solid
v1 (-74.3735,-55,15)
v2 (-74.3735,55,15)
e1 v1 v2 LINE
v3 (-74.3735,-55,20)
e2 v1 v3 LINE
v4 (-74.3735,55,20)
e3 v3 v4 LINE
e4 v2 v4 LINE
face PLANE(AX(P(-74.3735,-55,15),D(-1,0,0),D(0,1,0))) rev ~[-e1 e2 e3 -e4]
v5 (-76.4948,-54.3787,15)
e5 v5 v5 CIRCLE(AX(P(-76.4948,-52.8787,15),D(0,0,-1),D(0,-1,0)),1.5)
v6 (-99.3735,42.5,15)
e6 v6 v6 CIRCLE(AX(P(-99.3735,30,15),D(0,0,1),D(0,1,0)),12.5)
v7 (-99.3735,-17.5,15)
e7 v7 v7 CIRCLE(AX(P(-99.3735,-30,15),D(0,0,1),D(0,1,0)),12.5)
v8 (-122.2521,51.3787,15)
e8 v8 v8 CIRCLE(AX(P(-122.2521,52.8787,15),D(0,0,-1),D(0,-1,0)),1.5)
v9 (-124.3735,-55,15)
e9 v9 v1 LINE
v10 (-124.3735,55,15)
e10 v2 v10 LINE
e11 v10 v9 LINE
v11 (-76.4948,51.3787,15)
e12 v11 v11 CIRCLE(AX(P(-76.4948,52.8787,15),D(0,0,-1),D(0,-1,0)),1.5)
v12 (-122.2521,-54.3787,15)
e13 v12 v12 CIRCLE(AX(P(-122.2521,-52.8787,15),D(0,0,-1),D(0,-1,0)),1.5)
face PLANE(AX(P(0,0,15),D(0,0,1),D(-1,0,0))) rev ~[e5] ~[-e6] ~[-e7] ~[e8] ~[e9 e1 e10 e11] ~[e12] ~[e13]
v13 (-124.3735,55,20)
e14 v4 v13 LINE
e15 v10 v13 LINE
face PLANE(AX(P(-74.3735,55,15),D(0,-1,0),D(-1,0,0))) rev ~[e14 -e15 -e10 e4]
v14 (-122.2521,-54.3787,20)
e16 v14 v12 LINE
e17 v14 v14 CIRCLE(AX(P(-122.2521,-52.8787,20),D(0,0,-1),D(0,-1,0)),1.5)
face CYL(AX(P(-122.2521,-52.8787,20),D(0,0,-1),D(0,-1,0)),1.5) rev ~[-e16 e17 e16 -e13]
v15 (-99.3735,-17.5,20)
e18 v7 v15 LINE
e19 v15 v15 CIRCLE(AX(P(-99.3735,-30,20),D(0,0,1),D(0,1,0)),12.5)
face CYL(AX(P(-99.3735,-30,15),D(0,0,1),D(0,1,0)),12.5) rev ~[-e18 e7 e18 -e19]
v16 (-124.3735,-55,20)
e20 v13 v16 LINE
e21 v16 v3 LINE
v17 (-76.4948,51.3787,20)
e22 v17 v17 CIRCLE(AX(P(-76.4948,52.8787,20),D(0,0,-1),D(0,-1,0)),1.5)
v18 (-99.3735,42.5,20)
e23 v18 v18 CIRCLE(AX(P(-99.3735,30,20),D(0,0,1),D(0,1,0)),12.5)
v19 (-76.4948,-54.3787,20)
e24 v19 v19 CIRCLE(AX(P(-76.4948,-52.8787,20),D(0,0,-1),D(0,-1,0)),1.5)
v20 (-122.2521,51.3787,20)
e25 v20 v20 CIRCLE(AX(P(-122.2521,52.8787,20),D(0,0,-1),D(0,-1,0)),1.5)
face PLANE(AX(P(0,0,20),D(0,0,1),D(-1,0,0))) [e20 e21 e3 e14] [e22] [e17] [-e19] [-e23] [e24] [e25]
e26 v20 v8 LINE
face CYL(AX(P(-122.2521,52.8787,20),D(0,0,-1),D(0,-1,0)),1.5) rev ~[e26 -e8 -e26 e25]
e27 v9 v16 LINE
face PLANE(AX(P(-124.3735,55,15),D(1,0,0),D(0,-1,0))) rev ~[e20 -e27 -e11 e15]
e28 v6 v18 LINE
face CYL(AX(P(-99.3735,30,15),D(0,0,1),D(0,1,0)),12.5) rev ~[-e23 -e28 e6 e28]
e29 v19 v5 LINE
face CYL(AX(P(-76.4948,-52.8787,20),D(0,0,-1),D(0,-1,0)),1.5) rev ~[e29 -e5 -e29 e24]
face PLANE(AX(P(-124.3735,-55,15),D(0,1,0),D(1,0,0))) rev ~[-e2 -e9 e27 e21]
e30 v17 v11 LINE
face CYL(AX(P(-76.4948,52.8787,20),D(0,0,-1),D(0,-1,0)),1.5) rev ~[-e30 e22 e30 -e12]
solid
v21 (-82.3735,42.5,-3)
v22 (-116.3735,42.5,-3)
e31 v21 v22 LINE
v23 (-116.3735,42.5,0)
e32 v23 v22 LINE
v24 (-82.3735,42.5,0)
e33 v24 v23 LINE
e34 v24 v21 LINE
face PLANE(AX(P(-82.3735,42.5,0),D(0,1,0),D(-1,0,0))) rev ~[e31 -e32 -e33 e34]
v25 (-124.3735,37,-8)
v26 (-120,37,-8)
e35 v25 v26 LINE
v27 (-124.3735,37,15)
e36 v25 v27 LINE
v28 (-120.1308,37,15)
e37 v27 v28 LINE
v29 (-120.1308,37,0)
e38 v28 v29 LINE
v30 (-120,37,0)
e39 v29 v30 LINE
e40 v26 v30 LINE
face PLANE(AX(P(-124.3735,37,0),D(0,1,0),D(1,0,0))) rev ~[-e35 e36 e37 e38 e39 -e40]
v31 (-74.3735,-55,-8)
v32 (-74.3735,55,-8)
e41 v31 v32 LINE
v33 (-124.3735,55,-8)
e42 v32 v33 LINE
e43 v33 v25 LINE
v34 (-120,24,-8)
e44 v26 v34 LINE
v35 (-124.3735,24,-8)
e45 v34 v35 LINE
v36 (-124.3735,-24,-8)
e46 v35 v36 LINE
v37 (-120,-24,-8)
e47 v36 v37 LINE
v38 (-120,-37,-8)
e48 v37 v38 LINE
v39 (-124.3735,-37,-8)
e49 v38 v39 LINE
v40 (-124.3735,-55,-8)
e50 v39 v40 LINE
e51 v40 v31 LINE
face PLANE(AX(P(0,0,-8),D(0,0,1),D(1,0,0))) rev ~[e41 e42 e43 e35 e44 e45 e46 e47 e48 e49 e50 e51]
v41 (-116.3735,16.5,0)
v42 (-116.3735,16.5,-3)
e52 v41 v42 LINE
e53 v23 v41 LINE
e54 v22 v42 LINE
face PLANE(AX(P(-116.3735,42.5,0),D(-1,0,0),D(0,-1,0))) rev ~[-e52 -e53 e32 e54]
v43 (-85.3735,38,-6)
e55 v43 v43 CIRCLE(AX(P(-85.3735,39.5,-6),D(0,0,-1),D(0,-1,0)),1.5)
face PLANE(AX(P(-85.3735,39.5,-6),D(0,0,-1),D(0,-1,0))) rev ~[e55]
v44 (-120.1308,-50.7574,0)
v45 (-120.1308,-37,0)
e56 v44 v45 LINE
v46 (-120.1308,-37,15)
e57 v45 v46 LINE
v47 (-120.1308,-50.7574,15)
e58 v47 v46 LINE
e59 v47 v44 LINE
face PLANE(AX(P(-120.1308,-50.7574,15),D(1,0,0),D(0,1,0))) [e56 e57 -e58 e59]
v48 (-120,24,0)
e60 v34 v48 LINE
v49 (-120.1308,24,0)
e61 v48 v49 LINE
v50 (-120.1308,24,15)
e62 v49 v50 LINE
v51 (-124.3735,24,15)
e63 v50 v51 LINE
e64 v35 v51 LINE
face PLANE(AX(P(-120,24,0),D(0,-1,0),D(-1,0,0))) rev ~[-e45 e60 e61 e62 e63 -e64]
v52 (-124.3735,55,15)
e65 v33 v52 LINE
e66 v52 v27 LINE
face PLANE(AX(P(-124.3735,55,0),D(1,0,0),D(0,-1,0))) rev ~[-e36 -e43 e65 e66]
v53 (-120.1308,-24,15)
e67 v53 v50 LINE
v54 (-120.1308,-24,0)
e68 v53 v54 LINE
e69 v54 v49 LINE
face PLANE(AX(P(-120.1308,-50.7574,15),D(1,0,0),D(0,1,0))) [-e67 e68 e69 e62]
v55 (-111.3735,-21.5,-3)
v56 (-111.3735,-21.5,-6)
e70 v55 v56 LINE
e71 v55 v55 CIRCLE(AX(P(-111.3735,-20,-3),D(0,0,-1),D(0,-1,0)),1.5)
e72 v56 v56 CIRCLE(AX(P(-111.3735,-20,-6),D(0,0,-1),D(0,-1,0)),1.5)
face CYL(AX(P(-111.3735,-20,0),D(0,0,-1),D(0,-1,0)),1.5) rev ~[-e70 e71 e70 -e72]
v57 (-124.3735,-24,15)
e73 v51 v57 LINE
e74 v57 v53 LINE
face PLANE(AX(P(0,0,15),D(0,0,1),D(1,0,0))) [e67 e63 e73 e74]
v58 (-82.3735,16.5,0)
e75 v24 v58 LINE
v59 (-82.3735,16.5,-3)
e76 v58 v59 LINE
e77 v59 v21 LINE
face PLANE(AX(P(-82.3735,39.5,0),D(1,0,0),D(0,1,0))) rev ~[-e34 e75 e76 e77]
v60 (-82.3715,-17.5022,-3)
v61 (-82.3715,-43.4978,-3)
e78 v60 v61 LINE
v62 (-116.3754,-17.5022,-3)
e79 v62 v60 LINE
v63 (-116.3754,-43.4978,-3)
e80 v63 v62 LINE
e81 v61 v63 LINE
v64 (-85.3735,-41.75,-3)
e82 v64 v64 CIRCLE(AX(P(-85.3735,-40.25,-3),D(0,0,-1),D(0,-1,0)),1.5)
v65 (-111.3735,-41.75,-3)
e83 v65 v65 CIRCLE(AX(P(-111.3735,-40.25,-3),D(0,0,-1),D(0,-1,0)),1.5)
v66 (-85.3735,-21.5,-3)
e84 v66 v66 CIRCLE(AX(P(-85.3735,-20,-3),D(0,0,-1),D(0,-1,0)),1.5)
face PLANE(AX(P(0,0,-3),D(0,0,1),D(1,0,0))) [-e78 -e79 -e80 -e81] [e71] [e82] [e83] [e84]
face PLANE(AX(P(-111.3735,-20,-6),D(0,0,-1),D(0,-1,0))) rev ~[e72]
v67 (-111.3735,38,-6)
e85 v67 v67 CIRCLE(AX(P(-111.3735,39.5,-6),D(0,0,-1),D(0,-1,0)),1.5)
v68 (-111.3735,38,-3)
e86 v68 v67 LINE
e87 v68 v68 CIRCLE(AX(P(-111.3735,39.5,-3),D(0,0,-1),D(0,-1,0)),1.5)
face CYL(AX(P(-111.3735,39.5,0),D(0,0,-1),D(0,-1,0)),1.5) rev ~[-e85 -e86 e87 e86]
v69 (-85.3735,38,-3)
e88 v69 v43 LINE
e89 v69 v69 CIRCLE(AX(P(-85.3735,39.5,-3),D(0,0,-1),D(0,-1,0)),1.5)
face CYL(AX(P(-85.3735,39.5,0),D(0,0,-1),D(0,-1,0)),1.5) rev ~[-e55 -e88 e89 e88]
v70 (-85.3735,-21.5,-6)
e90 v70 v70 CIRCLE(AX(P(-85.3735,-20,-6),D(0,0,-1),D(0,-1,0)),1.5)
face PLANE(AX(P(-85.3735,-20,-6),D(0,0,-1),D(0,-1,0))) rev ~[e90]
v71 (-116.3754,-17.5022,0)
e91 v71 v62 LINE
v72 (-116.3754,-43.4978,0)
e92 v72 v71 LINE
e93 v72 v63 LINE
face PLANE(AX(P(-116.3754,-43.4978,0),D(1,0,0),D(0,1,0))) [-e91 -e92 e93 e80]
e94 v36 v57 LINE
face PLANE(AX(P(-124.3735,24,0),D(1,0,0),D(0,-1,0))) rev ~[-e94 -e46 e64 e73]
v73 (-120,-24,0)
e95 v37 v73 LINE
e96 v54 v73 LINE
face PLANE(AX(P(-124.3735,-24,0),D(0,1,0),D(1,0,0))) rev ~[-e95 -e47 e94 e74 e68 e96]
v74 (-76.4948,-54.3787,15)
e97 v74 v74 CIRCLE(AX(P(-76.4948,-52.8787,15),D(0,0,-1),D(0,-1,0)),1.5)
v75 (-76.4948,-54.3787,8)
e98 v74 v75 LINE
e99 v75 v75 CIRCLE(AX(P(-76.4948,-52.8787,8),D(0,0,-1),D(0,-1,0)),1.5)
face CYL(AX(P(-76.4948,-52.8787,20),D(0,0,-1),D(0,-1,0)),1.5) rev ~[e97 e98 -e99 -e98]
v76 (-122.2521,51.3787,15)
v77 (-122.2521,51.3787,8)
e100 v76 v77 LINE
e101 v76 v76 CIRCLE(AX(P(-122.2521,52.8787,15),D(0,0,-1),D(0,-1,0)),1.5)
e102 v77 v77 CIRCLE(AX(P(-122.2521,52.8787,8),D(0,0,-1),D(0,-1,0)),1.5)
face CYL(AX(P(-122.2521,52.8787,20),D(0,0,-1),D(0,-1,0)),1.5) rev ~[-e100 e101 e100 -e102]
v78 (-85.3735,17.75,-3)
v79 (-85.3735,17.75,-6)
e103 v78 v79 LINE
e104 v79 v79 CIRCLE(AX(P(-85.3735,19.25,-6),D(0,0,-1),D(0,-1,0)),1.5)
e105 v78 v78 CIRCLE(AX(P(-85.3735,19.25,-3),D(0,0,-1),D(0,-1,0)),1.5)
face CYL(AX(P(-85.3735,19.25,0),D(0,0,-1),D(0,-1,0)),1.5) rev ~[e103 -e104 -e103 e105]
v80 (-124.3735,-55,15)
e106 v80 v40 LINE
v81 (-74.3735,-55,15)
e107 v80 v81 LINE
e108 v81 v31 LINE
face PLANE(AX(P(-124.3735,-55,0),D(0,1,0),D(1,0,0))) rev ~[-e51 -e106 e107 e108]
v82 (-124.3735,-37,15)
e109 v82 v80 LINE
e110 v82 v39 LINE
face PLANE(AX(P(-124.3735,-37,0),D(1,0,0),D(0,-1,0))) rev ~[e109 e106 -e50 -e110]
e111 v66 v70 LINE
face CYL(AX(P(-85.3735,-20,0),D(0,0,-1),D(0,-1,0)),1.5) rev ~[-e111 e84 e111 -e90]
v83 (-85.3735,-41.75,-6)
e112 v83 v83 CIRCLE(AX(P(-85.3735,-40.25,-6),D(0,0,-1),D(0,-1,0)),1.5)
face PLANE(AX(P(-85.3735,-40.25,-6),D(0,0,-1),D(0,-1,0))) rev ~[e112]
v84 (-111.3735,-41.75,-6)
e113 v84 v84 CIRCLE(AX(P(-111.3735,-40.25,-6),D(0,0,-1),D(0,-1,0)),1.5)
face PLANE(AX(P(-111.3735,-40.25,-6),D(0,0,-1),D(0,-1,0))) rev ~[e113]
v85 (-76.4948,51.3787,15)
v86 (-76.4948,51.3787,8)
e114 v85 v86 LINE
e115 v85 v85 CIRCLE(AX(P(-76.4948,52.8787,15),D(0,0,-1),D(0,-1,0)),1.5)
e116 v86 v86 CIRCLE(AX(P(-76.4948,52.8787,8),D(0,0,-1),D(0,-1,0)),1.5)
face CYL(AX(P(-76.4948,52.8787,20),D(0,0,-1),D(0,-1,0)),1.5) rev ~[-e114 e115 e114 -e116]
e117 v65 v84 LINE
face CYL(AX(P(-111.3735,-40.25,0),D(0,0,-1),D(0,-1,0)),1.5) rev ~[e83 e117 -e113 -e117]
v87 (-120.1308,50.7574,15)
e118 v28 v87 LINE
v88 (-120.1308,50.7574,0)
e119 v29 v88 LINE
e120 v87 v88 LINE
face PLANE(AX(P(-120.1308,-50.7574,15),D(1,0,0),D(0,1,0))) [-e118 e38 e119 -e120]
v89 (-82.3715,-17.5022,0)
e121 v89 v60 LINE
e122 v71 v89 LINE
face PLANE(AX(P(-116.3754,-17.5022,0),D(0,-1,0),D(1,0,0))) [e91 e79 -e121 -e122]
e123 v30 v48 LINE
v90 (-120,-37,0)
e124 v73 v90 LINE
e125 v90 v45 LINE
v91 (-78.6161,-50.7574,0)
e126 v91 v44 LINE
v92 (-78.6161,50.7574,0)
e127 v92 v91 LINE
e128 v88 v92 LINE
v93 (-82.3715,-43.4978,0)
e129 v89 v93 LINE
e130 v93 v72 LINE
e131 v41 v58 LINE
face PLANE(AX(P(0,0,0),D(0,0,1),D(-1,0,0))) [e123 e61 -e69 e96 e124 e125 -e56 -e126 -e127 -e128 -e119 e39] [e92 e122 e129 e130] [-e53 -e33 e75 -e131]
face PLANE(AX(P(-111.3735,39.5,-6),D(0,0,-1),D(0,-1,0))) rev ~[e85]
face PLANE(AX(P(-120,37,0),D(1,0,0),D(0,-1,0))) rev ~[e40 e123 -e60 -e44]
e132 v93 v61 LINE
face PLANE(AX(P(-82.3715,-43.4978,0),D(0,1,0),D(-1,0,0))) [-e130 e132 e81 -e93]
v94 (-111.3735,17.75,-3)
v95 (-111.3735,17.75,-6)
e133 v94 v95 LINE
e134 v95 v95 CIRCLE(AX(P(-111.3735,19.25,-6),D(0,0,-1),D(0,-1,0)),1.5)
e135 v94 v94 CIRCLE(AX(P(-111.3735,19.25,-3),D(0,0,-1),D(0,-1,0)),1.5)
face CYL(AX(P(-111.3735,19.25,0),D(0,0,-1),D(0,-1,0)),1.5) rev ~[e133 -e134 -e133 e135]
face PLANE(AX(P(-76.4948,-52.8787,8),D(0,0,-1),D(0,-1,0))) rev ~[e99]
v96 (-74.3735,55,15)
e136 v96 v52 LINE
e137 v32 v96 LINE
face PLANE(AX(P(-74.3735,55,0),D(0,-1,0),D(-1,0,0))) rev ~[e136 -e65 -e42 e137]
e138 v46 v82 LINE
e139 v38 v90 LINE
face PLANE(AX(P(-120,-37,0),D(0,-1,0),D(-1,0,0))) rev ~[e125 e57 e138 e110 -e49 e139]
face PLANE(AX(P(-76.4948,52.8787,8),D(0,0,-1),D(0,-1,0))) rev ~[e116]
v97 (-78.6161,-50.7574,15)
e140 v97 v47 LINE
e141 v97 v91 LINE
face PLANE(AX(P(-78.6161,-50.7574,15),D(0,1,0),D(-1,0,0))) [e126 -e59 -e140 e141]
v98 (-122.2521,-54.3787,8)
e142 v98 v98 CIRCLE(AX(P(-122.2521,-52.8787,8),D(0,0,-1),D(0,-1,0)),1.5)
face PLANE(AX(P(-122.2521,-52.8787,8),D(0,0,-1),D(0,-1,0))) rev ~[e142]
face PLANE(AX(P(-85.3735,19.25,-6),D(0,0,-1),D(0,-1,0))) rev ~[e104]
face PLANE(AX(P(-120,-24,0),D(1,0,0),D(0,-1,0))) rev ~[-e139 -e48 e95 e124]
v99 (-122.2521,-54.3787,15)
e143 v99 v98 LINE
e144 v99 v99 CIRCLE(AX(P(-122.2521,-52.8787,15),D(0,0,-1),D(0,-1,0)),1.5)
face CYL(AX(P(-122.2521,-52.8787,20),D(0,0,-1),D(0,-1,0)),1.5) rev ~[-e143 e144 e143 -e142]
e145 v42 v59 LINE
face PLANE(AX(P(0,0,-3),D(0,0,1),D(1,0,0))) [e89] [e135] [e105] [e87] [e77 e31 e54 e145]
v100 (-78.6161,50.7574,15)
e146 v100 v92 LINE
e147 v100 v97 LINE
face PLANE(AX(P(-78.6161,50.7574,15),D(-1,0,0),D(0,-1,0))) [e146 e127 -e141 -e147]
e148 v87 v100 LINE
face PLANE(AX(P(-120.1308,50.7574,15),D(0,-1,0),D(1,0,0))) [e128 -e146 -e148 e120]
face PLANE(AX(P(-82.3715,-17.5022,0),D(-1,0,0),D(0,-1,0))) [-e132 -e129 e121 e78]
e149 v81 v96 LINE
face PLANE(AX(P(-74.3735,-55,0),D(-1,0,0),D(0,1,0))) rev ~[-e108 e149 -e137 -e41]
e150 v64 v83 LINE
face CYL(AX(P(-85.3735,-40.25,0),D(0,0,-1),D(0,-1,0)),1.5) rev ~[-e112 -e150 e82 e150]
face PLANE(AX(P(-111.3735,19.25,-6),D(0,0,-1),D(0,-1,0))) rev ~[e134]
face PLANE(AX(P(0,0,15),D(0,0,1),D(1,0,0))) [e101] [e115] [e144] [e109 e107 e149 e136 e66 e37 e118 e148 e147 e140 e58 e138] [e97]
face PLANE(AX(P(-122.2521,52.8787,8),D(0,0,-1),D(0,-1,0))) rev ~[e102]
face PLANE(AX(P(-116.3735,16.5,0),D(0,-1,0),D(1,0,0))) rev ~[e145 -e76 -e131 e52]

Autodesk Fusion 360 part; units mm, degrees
sketch "Bottom Base" plane through (0, 0, 0) normal (0, 0, 1) x (1, 0, 0)
  line L0 (-74.3735, 55) -> (-124.3735, 55)
  line L1 (-124.3735, 55) -> (-124.3735, -55)
  line L2 (-124.3735, -55) -> (-74.3735, -55)
  line L3 (-74.3735, -55) -> (-74.3735, 55)
  line L4 (-82.3735, 42.5) -> (-116.3735, 42.5)
  line L5 (-116.3735, 42.5) -> (-116.3735, 16.5)
  line L6 (-116.3735, 16.5) -> (-82.3735, 16.5)
  line L7 (-82.3735, 16.5) -> (-82.3735, 42.5)
  line L8 (-82.3735, 42.5) -> (-116.3735, 16.5) construction
  line L9 (-116.3735, 42.5) -> (-82.3735, 16.5) construction
  line L10 (-116.3754, -17.5022) -> (-82.3715, -17.5022)
  line L11 (-82.3715, -17.5022) -> (-82.3715, -43.4978)
  line L12 (-82.3715, -43.4978) -> (-116.3754, -43.4978)
  line L13 (-116.3754, -43.4978) -> (-116.3754, -17.5022)
  line L14 (-116.3754, -17.5022) -> (-82.3715, -43.4978) construction
  line L15 (-82.3715, -17.5022) -> (-116.3754, -43.4978) construction
  line L16 (-82.3735, 42.5) -> (-82.3735, 39.5)
  line L17 (-82.3735, 39.5) -> (-85.3735, 39.5)
  line L18 (-82.3735, 39.5) -> (-111.3735, 39.5)
  line L19 (-124.3735, 37) -> (-124.3735, 24)
  line L20 (-124.3735, -24) -> (-124.3735, -37)
  line L21 (-124.3735, 37) -> (-120, 37)
  line L22 (-120, 37) -> (-120, 24)
  line L23 (-120, 24) -> (-124.3735, 24)
  line L24 (-124.3735, -24) -> (-120, -24)
  line L25 (-120, -24) -> (-120, -37)
  line L26 (-120, -37) -> (-124.3735, -37)
  line L27 (-85.3735, 39.5) -> (-85.3735, 19.25)
  line L28 (-85.3735, 19.25) -> (-111.3735, 19.25)
  line L29 (-99.3735, -30.5) -> (-99.3735, -30)
  curve L30
  curve L31
  point P0 (-99.3735, 29.5)
  point P1 (-99.3735, -30.5)
  point P2 (-124.3735, 30.5)
  point P3 (-124.3735, -30.5)
  point P4 (-111.3735, -40.25)
  point P5 (-85.3735, -40.25)
  point P6 (-111.3735, -20)
  point P7 (-85.3735, -20)
  dimension "d1" = 110
  dimension "d2" = 50
  dimension "d10" = 34
  dimension "d11" = 26
  dimension "d14" = 3
  dimension "d15" = 3
  dimension "d16" = 29
  dimension "d26" = 13
  dimension "d62" = 20.25
  dimension "d63" = 26
  dimension "d68" = 15
extrude "Extrude1" add sketch "Bottom Base" along normal blind 15 and the other way blind 8 contours L0 L1 L2 L3 L21 L22 L23 L24 L25 L26 | L4 L5 L6 L7 L16 | L10 L11 L12 L13 makes body 1
sketch "Top Base" plane through (0, 0, 15) normal (0, 0, 1) x (-1, 0, 0)
  line L0 (74.3735, 55) -> (74.3735, -55)
  line L1 (74.3735, -55) -> (124.3735, -55)
  line L2 (124.3735, -55) -> (124.3735, 55)
  line L3 (124.3735, 55) -> (74.3735, 55)
  line L4 (74.3735, 55) -> (78.6161, 50.7574)
  line L5 (74.3735, 55) -> (80.3735, 55) construction
  line L6 (74.3735, -55) -> (78.6161, -50.7574)
  line L7 (74.3735, -55) -> (80.3735, -55) construction
  line L8 (124.3735, -55) -> (120.1308, -50.7574)
  line L9 (124.3735, -55) -> (115.8882, -55) construction
  line L10 (120.1308, -50.7574) -> (78.6161, -50.7574)
  line L11 (78.6161, -50.7574) -> (78.6161, 50.7574)
  line L12 (78.6161, 50.7574) -> (120.1308, 50.7574)
  line L13 (120.1308, 50.7574) -> (120.1308, -50.7574)
  dimension "d32" = 45
  dimension "d33" = 6
  dimension "d34" = 45
  dimension "d35" = 6
  dimension "d37" = 6
extrude "Extrude3" cut sketch "Bottom Base" against normal blind 3 contours L4 L5 L6 L7 L16 | L10 L11 L12 L13 bodies 1
extrude "Extrude5" cut sketch "Bottom Base" along normal blind 15 contours L1 L19 L21 L22 L23 bodies 1
extrude "Extrude6" cut sketch "Bottom Base" along normal blind 15 contours L1 L20 L24 L25 L26 bodies 1
extrude "Extrude7" cut sketch "Top Base" against normal blind 15 contours L10 L11 L12 L13 bodies 1
extrude "Extrude8" add sketch "Top Base" along normal blind 5 separate body makes body 2
sketch "Panel Fasteners" plane through (0, 0, 20) normal (0, 0, 1) x (-1, 0, 0)
  line L0 (124.3735, 55) -> (74.3735, 55)
  line L1 (74.3735, 55) -> (74.3735, -55)
  line L2 (74.3735, -55) -> (124.3735, -55)
  line L3 (124.3735, -55) -> (124.3735, 55)
  line L4 (74.3735, 55) -> (76.4948, 52.8787)
  line L5 (74.3735, 55) -> (77.3735, 55) construction
  line L6 (74.3735, -55) -> (76.4948, -52.8787)
  line L7 (74.3735, -55) -> (77.3735, -55) construction
  line L8 (124.3735, -55) -> (122.2521, -52.8787)
  line L9 (124.3735, -55) -> (121.3735, -55) construction
  line L10 (124.3735, 55) -> (122.2521, 52.8787)
  line L11 (124.3735, 55) -> (121.3735, 55) construction
  dimension "d47" = 45
  dimension "d48" = 3
  dimension "d49" = 45
  dimension "d50" = 3
  dimension "d54" = 45
  dimension "d55" = 3
  dimension "d56" = 45
  dimension "d57" = 3
hole "Hole4" at (-76.4948, -52.8787, 20) at (-122.2521, -52.8787, 20) at (-122.2521, 52.8787, 20) at (-76.4948, 52.8787, 20) direction (0, 0, -1) diameter 3 depth 12 tip angle 180 bodies 1 2
hole "Hole5" at (-111.3735, 19.25, 0) at (-111.3735, 39.5, 0) at (-85.3735, 39.5, 0) at (-85.3735, 19.25, 0) at (-111.3735, -20, 0) at (-111.3735, -40.25, 0) at (-85.3735, -40.25, 0) at (-85.3735, -20, 0) direction (0, 0, -1) diameter 3 depth 6 tip angle 180 bodies 1
hole "Hole6" at (-99.3735, -30, 15) at (-99.3735, 30, 15) direction (0, 0, 1) diameter 25 depth 5 tip angle 180 bodies 2
